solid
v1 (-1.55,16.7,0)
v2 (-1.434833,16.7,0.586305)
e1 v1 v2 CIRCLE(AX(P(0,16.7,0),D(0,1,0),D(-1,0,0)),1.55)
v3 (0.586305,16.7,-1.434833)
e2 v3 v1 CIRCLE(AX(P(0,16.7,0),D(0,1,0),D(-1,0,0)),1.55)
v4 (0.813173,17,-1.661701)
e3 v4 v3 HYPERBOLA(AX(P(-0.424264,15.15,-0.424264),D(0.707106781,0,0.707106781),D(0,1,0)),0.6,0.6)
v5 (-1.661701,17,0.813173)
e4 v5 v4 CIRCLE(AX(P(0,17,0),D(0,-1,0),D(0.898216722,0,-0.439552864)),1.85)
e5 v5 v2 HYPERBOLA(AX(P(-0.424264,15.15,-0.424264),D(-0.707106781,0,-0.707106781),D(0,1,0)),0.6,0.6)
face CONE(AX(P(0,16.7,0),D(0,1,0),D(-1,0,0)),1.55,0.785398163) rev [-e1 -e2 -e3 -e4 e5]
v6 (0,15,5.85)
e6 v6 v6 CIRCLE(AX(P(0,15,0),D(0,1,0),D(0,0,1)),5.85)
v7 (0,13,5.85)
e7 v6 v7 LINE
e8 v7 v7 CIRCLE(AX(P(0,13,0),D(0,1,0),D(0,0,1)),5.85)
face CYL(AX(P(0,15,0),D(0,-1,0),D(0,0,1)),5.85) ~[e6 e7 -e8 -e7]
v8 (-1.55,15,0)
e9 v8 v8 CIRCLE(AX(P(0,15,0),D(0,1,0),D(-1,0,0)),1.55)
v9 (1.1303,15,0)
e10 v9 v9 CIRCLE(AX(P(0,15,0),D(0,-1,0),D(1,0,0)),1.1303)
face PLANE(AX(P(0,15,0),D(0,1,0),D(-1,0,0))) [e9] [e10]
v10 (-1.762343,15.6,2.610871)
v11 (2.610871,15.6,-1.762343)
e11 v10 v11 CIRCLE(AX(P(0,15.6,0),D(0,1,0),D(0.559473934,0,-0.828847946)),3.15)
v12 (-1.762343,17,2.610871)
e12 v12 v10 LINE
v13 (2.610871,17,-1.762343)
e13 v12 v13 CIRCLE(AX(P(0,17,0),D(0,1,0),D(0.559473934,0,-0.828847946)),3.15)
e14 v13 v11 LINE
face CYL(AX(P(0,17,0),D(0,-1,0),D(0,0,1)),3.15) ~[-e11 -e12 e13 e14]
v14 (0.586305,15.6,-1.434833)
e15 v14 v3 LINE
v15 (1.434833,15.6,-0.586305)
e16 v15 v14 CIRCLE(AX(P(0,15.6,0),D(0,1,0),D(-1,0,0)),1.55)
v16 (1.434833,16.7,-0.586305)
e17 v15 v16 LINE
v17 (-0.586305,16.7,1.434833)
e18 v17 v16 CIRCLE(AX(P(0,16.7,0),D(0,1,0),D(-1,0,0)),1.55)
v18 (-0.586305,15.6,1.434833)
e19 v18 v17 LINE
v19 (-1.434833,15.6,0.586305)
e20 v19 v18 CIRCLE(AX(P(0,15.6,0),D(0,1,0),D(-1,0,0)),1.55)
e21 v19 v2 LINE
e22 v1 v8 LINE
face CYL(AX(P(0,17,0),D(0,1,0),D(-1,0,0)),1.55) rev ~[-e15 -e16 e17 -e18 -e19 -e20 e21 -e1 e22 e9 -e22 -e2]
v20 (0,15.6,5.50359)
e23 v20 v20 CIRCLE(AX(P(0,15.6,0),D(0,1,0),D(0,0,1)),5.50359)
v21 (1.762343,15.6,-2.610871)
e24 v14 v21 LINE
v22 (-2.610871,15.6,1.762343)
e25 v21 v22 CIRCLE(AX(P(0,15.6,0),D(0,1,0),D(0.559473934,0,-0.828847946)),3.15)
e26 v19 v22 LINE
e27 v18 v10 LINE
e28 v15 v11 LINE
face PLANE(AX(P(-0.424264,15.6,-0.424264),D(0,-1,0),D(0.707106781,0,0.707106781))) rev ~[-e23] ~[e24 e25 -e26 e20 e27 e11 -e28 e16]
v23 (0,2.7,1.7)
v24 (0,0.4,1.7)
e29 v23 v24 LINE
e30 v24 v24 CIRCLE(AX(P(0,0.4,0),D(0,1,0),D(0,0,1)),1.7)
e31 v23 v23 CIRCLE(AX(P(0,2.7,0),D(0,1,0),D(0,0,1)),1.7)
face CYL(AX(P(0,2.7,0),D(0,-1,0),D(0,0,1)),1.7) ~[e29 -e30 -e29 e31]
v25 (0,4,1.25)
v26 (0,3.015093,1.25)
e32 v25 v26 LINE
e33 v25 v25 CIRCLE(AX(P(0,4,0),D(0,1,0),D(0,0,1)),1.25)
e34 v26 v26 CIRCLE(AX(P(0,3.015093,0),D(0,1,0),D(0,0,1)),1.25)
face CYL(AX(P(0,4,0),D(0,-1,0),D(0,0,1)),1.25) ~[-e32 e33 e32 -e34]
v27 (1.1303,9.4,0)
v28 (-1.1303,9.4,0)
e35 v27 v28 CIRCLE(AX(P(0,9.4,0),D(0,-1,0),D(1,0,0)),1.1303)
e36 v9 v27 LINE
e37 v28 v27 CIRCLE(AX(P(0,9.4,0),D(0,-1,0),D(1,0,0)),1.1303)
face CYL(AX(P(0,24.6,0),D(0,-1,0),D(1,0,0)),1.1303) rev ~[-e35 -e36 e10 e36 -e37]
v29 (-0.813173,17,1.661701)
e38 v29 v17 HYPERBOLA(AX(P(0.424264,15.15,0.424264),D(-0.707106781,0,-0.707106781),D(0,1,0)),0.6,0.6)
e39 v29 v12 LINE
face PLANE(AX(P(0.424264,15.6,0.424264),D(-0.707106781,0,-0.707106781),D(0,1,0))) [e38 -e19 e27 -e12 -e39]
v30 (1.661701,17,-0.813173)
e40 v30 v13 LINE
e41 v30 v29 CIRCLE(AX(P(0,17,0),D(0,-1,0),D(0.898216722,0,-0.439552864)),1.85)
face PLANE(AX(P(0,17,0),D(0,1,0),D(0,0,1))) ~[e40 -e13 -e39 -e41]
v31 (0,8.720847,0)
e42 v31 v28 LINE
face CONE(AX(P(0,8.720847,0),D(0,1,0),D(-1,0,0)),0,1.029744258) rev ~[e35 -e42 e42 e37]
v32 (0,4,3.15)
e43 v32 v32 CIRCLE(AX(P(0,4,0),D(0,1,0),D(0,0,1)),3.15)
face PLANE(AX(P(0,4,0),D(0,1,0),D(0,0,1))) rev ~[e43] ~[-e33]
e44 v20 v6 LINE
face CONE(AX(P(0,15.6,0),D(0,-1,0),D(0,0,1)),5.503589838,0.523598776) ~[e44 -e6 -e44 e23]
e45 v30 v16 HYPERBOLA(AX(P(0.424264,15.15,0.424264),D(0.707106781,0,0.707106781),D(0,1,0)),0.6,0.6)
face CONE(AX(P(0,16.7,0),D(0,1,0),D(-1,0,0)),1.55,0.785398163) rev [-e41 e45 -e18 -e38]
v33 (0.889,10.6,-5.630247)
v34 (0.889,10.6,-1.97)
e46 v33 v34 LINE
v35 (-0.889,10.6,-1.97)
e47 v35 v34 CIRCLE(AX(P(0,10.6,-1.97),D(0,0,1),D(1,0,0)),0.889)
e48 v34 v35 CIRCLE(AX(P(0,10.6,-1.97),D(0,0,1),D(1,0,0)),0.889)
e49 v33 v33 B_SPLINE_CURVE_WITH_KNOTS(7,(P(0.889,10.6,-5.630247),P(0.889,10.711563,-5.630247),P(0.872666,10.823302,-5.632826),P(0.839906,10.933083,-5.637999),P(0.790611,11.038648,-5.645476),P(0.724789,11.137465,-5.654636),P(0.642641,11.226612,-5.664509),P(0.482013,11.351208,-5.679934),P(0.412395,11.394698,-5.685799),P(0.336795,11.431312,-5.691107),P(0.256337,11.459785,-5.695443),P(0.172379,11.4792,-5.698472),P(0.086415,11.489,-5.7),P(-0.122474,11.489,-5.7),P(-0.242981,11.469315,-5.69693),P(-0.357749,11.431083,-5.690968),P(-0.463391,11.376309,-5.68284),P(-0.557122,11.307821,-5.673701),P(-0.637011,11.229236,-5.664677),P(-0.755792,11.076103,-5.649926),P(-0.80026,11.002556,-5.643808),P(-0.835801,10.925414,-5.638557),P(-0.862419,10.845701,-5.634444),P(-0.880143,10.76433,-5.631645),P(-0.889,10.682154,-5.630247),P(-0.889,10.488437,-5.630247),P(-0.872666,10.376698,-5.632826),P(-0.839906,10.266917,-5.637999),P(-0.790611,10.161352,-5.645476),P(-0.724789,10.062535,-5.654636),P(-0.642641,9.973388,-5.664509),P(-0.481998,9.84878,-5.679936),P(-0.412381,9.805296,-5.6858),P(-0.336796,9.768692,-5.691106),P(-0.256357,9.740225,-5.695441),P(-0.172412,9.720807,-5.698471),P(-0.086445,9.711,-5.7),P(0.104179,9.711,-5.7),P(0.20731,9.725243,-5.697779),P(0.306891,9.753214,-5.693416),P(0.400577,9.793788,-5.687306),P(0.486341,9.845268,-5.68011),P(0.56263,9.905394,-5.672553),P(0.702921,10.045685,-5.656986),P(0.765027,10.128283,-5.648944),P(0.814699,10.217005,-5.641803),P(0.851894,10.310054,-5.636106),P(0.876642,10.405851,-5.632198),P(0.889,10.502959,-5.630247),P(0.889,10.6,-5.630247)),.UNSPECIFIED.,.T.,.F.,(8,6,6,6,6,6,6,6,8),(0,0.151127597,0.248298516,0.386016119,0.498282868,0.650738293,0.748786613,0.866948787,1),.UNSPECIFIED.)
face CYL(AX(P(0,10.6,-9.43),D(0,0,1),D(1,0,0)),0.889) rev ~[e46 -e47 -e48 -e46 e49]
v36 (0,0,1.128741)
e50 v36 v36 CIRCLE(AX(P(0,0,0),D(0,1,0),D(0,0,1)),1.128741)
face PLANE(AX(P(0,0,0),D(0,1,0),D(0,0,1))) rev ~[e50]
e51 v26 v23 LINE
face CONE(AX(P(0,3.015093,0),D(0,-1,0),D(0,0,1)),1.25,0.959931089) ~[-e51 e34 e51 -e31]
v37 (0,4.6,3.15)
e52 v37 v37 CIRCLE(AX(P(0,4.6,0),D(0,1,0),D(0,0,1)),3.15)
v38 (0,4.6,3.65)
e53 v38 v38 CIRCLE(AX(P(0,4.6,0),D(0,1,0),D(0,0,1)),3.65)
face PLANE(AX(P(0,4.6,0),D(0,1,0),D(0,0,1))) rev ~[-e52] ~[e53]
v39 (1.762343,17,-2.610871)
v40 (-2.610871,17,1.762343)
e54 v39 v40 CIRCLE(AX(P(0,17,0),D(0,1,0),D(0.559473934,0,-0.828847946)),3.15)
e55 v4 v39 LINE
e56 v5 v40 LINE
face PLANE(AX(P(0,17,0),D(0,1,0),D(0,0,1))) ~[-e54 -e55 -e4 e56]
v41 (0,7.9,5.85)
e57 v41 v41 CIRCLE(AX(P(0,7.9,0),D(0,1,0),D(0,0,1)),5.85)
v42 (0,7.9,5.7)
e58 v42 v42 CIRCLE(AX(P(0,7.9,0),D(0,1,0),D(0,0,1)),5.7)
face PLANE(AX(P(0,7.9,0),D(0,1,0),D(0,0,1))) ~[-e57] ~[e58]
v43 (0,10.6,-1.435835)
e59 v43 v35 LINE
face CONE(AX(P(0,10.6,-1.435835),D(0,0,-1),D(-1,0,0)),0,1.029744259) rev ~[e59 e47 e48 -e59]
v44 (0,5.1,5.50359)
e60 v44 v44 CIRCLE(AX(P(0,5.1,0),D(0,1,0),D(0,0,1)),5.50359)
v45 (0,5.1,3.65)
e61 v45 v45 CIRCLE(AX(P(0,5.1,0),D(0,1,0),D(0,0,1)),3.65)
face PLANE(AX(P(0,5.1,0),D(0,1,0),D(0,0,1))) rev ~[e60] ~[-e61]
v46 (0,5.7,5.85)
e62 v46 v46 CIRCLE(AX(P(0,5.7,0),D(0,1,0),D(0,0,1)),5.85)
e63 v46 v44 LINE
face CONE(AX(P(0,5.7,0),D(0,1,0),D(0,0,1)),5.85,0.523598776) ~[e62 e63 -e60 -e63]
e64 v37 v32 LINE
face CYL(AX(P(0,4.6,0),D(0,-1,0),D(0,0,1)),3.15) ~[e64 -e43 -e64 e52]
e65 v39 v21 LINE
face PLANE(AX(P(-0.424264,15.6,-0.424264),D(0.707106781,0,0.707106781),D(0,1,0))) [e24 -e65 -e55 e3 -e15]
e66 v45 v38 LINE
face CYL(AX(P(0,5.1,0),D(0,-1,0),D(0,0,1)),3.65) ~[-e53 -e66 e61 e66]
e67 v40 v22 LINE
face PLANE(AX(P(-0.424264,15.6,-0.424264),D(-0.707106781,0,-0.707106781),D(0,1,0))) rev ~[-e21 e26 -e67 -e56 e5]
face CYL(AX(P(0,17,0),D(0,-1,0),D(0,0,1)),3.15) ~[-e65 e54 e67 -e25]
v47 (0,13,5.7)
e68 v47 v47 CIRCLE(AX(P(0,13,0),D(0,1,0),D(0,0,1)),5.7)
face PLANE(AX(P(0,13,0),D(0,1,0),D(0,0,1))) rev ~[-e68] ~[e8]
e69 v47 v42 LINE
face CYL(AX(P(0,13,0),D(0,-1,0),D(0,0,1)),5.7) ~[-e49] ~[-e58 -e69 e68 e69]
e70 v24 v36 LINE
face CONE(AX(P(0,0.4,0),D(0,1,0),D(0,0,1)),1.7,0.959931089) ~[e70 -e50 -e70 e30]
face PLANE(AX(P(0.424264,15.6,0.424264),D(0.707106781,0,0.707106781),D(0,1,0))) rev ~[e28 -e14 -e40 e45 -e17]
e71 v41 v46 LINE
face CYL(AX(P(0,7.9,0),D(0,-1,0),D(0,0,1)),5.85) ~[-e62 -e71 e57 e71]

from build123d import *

# Parameters (mm, degrees)
F_2_56_TAPPED_HOLE1_D           = 1.778
F_2_56_TAPPED_HOLE1_DEPTH       = 3.73
F_2_56_TAPPED_HOLE1_TIP         = 0.53416509
F_4_40_TAPPED_HOLE1_D           = 2.2606
F_4_40_TAPPED_HOLE1_DEPTH       = 7.6
F_4_40_TAPPED_HOLE1_TIP         = 0.679152758
SKETCH_5_R                      = 1.55
CUT_EXTRUDE_1_DEPTH             = 2
CHAMFER_1_SIZE                  = 0.3
CUT_EXTRUDE_2_REACH             = 20.906
SKETCH_6_W                      = 1.2
SKETCH_6_H                      = 1.4
CUT_EXTRUDE_2_DIRECTION_2_REACH = 20.906


with BuildPart() as part:
    # Эскиз1 → Повернуть1 (revolve)
    with BuildSketch(Plane(origin=(0, 0, 0), x_dir=(0, 0, -1), z_dir=(1, 0, 0))):
        Polygon((0, 0), (0, 17), (-3.15, 17), (-3.15, 15.6), (-5.503589838, 15.6), (-5.85, 15), (-5.85, 13), (-5.7, 13), (-5.7, 7.9), (-5.85, 7.9), (-5.85, 5.7), (-5.503589838, 5.1), (-3.65, 5.1), (-3.65, 4.6), (-3.15, 4.6), (-3.15, 4), (-1.25, 4), (-1.25, 3.015093392), (-1.7, 2.7), (-1.7, 0.4), (-1.128740797, 0), align=None)
    revolve(axis=Axis((0, 0, 0), (0, 1, 0)))

    # #2-56 Tapped Hole1
    with Locations(Plane(origin=(0, 10.6, -5.7), x_dir=(-1, 0, 0), z_dir=(0, 0, -1))):
        with Locations((0, 0)):
            Hole(F_2_56_TAPPED_HOLE1_D / 2, depth=F_2_56_TAPPED_HOLE1_DEPTH)
            with Locations((0, 0, -(F_2_56_TAPPED_HOLE1_DEPTH + F_2_56_TAPPED_HOLE1_TIP / 2))):  # 118° drill point
                Cone(0, F_2_56_TAPPED_HOLE1_D / 2, F_2_56_TAPPED_HOLE1_TIP, mode=Mode.SUBTRACT)

    # #4-40 Tapped Hole1
    with Locations(Plane(origin=(0, 17, 0), x_dir=(-1, 0, 0), z_dir=(0, 1, 0))):
        with Locations((0, 0)):
            Hole(F_4_40_TAPPED_HOLE1_D / 2, depth=F_4_40_TAPPED_HOLE1_DEPTH)
            with Locations((0, 0, -(F_4_40_TAPPED_HOLE1_DEPTH + F_4_40_TAPPED_HOLE1_TIP / 2))):  # 118° drill point
                Cone(0, F_4_40_TAPPED_HOLE1_D / 2, F_4_40_TAPPED_HOLE1_TIP, mode=Mode.SUBTRACT)

    # Эскиз5 → Вырез-Вытянуть1 (cut)
    with BuildSketch(Plane(origin=(0, 17, 0), x_dir=(-1, 0, 0), z_dir=(0, 1, 0))):
        Circle(SKETCH_5_R)
    extrude(amount=-CUT_EXTRUDE_1_DEPTH, mode=Mode.SUBTRACT)

    # Фаска1
    chamfer_1_edges = [part.edges().sort_by_distance(p)[0] for p in [
        (1.55, 17, 0),
    ]]
    chamfer(chamfer_1_edges, length=CHAMFER_1_SIZE)

    # Эскиз6 → Вырез-Вытянуть2 (cut, up to next)
    with BuildSketch(Plane(origin=(0, 0, 0), x_dir=(0.7071067811865462, 0, 0.7071067811865488), z_dir=(-0.7071067811865488, 0, 0.7071067811865462)), mode=Mode.PRIVATE) as cut_extrude_2_sk1:
        with Locations((0, 16.3)):
            Rectangle(SKETCH_6_W, SKETCH_6_H)
    cut_extrude_2_tool1 = extrude(cut_extrude_2_sk1.sketch, amount=-CUT_EXTRUDE_2_REACH, mode=Mode.PRIVATE) & part.part
    add(cut_extrude_2_tool1.solids().sort_by_distance((0, 16.3, 0))[0], mode=Mode.SUBTRACT)

    # Эскиз6 → Вырез-Вытянуть2 direction 2 (cut, up to next)
    with BuildSketch(Plane(origin=(0, 0, 0), x_dir=(0.7071067811865462, 0, 0.7071067811865488), z_dir=(-0.7071067811865488, 0, 0.7071067811865462)), mode=Mode.PRIVATE) as cut_extrude_2_direction_2_sk1:
        with Locations((0, 16.3)):
            Rectangle(SKETCH_6_W, SKETCH_6_H)
    cut_extrude_2_direction_2_tool1 = extrude(cut_extrude_2_direction_2_sk1.sketch, amount=CUT_EXTRUDE_2_DIRECTION_2_REACH, mode=Mode.PRIVATE) & part.part
    add(cut_extrude_2_direction_2_tool1.solids().sort_by_distance((0, 16.3, 0))[0], mode=Mode.SUBTRACT)


solid = part.part
